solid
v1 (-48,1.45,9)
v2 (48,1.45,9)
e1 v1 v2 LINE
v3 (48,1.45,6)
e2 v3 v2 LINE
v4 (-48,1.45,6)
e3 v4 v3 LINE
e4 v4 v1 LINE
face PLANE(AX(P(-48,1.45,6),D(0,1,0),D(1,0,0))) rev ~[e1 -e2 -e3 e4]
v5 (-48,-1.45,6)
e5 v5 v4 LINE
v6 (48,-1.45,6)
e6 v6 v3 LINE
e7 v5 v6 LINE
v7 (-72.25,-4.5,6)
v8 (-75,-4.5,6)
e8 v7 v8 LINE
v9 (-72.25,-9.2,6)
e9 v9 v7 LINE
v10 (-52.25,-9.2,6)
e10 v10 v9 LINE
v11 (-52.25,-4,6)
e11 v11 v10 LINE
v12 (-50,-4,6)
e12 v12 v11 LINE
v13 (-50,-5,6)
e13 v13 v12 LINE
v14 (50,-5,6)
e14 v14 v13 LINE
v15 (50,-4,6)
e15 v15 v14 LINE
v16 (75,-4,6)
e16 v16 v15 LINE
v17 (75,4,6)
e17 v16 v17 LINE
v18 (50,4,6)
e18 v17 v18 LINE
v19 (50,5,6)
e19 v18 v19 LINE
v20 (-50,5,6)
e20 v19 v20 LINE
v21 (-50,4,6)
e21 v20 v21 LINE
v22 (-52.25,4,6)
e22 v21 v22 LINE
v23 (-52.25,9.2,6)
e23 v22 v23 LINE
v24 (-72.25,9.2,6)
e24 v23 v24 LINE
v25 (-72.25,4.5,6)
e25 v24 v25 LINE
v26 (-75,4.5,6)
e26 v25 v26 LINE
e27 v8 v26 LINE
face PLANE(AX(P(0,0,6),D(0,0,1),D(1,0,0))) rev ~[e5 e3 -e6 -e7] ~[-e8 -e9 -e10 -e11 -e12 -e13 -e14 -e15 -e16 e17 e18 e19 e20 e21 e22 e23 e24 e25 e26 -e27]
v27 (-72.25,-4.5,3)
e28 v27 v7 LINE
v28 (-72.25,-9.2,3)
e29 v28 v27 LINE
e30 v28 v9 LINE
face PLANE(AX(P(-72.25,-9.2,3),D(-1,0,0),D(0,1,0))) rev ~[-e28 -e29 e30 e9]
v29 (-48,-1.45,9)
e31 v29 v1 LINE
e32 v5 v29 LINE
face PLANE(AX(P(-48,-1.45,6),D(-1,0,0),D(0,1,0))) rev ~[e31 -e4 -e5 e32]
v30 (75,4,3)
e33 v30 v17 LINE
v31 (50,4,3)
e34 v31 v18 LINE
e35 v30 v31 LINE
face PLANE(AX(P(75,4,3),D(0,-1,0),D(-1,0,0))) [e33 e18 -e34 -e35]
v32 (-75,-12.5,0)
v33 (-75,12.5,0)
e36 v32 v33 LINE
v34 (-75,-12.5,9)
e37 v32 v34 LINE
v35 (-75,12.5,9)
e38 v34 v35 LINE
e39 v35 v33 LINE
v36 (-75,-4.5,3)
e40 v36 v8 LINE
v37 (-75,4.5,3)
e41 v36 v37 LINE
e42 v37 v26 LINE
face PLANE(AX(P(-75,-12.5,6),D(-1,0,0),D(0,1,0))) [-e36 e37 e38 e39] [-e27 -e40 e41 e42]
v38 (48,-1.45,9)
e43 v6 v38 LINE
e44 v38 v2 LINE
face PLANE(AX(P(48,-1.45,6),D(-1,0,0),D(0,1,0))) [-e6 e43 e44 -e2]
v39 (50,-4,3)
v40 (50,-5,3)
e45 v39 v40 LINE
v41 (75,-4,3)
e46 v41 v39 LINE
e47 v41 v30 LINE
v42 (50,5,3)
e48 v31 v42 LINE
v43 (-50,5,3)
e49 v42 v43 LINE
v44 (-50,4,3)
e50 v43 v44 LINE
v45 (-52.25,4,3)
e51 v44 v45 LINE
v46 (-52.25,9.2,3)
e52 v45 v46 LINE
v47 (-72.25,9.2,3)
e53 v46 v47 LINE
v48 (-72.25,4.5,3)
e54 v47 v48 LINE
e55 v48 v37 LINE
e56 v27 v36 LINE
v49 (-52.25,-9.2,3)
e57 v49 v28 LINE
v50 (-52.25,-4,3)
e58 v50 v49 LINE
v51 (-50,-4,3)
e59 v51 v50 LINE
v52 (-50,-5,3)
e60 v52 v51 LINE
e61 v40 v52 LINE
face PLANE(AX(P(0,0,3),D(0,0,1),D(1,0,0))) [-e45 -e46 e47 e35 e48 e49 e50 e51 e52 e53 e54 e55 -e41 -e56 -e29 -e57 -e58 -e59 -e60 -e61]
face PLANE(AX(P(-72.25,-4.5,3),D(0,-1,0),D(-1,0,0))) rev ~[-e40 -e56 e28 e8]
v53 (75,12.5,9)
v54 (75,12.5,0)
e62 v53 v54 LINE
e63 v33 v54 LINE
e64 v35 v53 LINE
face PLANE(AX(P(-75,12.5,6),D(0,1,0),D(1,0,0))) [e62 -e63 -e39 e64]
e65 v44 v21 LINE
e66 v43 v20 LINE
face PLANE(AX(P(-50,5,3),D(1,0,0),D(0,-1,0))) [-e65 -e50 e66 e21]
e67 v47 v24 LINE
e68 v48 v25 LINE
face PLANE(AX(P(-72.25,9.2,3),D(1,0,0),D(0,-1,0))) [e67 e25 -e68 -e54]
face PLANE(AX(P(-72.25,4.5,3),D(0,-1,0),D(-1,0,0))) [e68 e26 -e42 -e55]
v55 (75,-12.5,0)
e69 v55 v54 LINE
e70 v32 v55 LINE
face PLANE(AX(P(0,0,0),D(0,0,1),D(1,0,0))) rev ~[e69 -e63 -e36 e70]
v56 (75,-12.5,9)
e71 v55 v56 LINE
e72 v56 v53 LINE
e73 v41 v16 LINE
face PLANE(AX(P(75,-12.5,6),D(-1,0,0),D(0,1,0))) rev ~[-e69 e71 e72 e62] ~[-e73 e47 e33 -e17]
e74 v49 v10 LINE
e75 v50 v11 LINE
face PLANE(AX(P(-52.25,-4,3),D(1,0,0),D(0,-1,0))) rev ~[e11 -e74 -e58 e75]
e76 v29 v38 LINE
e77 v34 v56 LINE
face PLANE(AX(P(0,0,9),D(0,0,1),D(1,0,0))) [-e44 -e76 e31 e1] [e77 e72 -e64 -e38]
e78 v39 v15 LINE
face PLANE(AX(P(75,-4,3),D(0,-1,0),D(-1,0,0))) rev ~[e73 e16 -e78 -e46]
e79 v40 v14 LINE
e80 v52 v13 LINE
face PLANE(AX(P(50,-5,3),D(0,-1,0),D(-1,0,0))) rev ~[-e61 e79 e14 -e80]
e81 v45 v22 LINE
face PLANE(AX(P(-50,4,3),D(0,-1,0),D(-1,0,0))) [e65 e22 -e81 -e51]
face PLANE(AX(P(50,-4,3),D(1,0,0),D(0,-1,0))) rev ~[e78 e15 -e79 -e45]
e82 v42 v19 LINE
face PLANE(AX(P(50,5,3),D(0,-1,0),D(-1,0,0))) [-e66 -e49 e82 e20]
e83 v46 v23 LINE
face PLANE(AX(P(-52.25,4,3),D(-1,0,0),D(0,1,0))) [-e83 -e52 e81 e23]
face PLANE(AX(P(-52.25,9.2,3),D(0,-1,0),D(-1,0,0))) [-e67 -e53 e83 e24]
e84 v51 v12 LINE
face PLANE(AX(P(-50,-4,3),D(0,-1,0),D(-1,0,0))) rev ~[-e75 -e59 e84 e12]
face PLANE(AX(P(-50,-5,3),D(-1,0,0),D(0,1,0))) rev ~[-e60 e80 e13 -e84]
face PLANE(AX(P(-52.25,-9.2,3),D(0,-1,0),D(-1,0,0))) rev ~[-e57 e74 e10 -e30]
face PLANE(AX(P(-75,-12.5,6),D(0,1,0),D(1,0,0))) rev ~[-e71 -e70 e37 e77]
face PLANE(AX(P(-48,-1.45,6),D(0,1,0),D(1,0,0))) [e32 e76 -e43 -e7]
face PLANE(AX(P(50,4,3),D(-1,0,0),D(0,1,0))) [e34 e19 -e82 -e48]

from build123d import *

# Parameters (mm, degrees)
SKETCH_W      = 150
SKETCH_H      = 25
PAD_DEPTH     = 3
PAD001_DEPTH  = 3
SKETCH004_W   = 150
SKETCH004_H   = 25
SKETCH004_W_2 = 96
SKETCH004_H_2 = 2.9
PAD002_DEPTH  = 3


with BuildPart() as part:
    # Sketch → Pad (new body)
    with BuildSketch(Plane.XY):
        Rectangle(SKETCH_W, SKETCH_H)
    extrude(amount=PAD_DEPTH)

    # Sketch001 (on Face6 of Pad) → Pad001 (join)
    with BuildSketch(Plane.XY.offset(3)):
        Polygon((-75, 12.5), (75, 12.5), (75, 4), (50, 4), (50, 5), (-50, 5), (-50, 4), (-52.25, 4), (-52.25, 9.2), (-72.25, 9.2), (-72.25, 4.5), (-75, 4.5), align=None)
        Polygon((-75, -12.5), (75, -12.5), (75, -4), (50, -4), (50, -5), (-50, -5), (-50, -4), (-52.25, -4), (-52.25, -9.2), (-72.25, -9.2), (-72.25, -4.5), (-75, -4.5), align=None)
    extrude(amount=PAD001_DEPTH)

    # Sketch004 (on Face12 of Pad001) → Pad002 (join)
    with BuildSketch(Plane.XY.offset(6)):
        Rectangle(SKETCH004_W, SKETCH004_H)
        Rectangle(SKETCH004_W_2, SKETCH004_H_2, mode=Mode.SUBTRACT)
    extrude(amount=PAD002_DEPTH)


solid = part.part
